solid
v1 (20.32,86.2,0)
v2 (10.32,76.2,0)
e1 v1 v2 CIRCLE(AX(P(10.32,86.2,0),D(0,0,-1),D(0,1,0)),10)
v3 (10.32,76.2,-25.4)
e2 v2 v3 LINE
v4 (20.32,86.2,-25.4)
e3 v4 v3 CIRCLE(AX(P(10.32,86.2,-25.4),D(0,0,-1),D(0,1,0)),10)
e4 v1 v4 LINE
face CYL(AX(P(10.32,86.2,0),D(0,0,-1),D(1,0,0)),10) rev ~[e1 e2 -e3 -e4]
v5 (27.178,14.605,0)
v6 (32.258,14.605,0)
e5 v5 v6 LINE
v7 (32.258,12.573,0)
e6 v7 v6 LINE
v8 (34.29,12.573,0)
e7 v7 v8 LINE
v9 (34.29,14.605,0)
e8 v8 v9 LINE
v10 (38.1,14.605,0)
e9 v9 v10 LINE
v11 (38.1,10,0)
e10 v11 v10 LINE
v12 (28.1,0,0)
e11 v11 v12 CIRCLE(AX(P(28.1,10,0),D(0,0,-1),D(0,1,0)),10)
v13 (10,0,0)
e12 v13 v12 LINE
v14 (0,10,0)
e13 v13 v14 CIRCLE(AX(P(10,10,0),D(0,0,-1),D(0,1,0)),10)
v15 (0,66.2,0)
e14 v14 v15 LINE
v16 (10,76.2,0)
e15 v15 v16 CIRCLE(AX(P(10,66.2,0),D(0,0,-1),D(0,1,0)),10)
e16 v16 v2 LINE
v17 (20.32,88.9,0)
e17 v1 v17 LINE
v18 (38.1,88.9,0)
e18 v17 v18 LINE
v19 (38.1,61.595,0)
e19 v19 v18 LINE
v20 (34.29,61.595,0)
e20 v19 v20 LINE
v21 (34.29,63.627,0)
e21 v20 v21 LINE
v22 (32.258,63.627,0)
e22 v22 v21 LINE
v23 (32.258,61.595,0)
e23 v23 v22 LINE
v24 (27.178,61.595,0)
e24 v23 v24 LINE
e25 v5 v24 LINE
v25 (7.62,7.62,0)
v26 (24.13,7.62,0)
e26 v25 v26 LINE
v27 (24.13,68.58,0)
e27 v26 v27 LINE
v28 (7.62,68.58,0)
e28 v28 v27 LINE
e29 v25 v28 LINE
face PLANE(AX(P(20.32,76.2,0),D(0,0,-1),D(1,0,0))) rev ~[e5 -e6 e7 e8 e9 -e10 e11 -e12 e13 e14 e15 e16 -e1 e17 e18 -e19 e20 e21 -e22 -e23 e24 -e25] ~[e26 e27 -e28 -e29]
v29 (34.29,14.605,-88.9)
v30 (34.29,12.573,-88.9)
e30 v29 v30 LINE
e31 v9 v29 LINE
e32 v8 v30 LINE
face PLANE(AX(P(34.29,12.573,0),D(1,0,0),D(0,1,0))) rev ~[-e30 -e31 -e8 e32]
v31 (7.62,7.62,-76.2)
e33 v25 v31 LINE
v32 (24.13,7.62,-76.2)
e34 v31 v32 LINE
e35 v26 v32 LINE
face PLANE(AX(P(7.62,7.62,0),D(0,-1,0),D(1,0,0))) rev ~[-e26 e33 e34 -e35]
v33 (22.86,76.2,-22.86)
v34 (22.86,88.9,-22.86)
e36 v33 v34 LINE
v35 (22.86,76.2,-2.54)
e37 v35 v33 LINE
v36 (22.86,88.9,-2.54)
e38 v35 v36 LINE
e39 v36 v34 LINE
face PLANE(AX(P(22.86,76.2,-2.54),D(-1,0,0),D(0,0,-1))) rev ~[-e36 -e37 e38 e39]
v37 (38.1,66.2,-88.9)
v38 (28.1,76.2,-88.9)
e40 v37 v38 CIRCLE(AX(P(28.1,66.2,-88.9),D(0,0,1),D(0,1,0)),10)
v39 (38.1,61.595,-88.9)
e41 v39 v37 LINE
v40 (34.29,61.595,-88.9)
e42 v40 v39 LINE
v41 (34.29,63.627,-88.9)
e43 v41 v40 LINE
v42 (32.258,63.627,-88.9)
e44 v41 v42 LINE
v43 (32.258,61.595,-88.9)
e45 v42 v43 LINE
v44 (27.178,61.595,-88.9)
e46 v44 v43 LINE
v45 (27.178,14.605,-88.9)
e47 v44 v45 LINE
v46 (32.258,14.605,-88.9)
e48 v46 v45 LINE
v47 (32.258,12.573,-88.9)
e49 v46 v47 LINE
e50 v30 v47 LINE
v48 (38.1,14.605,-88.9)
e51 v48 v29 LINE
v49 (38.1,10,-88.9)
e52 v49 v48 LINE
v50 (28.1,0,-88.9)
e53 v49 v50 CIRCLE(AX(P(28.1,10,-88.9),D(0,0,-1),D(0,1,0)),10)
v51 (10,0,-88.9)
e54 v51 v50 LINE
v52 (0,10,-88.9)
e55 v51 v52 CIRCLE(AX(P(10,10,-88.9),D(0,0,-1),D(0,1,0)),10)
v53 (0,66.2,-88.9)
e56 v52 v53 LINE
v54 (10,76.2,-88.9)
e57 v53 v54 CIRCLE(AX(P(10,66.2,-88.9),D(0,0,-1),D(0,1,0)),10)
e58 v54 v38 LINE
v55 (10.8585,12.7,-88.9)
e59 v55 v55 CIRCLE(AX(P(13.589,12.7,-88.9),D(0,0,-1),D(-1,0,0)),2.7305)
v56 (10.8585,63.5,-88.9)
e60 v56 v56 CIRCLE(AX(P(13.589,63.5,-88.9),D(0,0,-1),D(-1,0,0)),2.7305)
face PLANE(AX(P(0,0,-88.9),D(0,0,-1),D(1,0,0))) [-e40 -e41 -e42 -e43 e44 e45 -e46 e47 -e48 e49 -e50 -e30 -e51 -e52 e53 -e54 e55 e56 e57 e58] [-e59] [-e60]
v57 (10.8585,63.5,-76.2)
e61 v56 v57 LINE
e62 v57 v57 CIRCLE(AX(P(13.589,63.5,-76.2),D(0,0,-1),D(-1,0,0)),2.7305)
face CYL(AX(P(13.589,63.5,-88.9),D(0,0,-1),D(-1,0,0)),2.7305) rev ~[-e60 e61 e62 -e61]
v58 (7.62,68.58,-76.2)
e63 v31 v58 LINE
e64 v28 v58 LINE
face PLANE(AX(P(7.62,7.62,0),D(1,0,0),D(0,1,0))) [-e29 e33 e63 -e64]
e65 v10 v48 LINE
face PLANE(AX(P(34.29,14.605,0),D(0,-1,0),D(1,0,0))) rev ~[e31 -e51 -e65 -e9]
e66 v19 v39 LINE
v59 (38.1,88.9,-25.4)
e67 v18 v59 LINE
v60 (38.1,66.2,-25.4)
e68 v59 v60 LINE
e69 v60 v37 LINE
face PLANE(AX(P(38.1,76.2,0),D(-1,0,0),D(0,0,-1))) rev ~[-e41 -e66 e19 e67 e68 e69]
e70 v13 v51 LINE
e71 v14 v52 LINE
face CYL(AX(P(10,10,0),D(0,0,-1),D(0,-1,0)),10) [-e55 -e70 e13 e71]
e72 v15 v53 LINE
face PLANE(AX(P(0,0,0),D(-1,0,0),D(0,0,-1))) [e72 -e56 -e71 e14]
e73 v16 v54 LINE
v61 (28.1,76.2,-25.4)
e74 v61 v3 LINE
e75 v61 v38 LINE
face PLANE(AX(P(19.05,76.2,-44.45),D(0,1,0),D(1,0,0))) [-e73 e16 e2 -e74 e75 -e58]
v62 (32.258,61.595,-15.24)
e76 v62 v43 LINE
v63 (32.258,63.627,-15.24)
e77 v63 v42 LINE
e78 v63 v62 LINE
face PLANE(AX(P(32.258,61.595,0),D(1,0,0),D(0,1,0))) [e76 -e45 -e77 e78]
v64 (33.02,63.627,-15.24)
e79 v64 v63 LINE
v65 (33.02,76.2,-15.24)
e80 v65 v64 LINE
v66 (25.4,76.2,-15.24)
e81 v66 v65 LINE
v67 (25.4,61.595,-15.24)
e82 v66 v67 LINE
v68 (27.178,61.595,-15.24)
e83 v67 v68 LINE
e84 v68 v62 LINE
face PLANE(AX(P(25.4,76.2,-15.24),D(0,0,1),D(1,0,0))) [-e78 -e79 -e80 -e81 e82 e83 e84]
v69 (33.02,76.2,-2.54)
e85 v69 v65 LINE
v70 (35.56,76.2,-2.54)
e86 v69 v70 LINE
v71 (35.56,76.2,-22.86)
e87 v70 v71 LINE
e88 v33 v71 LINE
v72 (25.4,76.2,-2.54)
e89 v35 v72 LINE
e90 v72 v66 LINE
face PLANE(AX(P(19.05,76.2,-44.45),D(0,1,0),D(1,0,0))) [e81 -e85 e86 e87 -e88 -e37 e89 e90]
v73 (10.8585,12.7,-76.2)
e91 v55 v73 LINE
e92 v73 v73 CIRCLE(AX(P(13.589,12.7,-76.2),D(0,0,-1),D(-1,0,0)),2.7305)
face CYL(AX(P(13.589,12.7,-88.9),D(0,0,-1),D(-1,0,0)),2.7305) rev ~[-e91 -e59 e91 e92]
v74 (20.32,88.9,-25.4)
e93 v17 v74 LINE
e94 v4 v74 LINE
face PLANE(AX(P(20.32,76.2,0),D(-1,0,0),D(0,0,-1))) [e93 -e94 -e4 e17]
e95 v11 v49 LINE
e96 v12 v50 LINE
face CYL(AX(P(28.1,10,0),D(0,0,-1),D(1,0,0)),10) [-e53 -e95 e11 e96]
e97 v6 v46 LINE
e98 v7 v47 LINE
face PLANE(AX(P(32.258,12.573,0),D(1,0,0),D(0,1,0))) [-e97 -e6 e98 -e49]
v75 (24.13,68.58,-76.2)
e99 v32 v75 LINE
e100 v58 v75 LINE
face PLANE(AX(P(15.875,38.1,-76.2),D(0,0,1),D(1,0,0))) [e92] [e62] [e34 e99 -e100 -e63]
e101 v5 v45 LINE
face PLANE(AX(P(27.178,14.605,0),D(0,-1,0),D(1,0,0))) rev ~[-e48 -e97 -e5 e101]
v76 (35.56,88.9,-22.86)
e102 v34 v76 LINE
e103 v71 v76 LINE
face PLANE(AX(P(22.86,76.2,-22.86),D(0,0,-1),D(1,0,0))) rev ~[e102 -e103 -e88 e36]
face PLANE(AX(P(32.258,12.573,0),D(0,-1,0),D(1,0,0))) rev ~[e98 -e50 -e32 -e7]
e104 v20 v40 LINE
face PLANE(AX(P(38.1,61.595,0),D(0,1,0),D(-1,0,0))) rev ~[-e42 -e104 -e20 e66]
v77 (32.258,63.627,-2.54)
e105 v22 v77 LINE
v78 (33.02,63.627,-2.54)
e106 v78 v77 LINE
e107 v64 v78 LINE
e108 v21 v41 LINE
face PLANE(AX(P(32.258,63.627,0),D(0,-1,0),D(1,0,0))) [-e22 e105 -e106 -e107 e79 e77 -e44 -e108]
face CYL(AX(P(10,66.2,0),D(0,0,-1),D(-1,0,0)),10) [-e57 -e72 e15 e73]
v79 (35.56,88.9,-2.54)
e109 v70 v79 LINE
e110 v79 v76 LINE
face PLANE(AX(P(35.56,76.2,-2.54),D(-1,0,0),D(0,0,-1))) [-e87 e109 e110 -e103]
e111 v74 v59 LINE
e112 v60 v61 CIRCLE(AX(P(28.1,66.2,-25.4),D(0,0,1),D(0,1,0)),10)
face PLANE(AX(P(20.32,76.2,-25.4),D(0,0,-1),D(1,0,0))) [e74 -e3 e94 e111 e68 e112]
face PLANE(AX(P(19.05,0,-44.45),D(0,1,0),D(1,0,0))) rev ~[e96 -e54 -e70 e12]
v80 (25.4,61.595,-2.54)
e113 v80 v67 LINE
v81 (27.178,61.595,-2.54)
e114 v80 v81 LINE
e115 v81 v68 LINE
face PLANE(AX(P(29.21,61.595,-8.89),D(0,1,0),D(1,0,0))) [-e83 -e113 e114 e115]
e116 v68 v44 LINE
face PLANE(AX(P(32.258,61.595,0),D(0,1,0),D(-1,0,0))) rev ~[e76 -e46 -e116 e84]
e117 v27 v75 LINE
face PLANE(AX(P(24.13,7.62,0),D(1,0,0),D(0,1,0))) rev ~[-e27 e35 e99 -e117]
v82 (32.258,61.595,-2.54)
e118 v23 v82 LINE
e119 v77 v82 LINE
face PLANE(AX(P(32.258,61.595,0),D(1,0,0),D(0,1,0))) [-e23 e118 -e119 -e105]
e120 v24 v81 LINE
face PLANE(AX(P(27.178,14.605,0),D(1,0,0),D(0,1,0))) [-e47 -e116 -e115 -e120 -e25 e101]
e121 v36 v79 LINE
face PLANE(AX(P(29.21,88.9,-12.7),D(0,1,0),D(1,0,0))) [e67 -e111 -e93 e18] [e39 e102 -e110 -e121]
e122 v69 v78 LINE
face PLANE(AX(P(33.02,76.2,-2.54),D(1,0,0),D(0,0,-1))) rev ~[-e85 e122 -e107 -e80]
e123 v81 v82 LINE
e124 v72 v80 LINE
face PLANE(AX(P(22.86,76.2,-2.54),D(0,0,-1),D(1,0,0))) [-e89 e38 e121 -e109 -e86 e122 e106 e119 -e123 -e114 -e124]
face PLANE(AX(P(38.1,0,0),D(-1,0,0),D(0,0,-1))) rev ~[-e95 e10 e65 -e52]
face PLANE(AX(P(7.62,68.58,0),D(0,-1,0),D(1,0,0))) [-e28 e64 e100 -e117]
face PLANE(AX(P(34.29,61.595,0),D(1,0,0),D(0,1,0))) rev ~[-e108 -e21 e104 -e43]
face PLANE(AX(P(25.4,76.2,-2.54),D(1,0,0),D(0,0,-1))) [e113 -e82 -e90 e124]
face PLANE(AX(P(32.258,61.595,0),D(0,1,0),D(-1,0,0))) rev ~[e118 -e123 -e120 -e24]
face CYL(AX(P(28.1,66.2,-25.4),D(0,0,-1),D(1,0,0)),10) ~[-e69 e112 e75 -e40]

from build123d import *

# Parameters (mm, degrees)
SKETCH1_W           = 38.1
SKETCH1_H           = 88.9
BOSS_EXTRUDE1_DEPTH = 76.2
SKETCH2_W           = 16.51
SKETCH2_H           = 60.96
CUT_EXTRUDE1_DEPTH  = 76.2
SKETCH3_W           = 5.08
SKETCH3_H           = 46.99
SKETCH3_W_2         = 2.032
SKETCH3_W_3         = 3.81
SKETCH3_H_2         = 2.032
CUT_EXTRUDE2_DEPTH  = 89.9
SKETCH5_W           = 7.62
SKETCH5_H           = 12.7
CUT_EXTRUDE3_DEPTH  = 14.605
SKETCH6_W           = 17.78
SKETCH6_H           = 25.4
SKETCH6_W_2         = 12.7
SKETCH6_H_2         = 20.32
BOSS_EXTRUDE2_DEPTH = 12.7
FILLET2_R           = 10
SKETCH7_R           = 2.7305
CUT_EXTRUDE4_DEPTH  = 12.7


with BuildPart() as part:
    # Sketch1 → Boss-Extrude1 (new body)
    with BuildSketch(Plane(origin=(0, 0, 0), x_dir=(1, 0, 0), z_dir=(0, 1, 0))):
        with Locations((19.05, 44.45)):
            Rectangle(SKETCH1_W, SKETCH1_H)
    extrude(amount=BOSS_EXTRUDE1_DEPTH)

    # Sketch2 → Cut-Extrude1 (cut)
    with BuildSketch(Plane.XY):
        with Locations((15.875, 38.1)):
            Rectangle(SKETCH2_W, SKETCH2_H)
    extrude(amount=-CUT_EXTRUDE1_DEPTH, mode=Mode.SUBTRACT)

    # Sketch3 → Cut-Extrude2 (cut, through all)
    with BuildSketch(Plane.XY):
        with Locations((29.718, 38.1)):
            Rectangle(SKETCH3_W, SKETCH3_H)
        with Locations((33.274, 38.1)):
            Rectangle(SKETCH3_W_2, SKETCH3_H)
        with Locations((36.195, 38.1)):
            Rectangle(SKETCH3_W_3, SKETCH3_H)
        with Locations((33.274, 62.611)):
            Rectangle(SKETCH3_W_2, SKETCH3_H_2)
        with Locations((33.274, 13.589)):
            Rectangle(SKETCH3_W_2, SKETCH3_H_2)
    extrude(amount=-CUT_EXTRUDE2_DEPTH, mode=Mode.SUBTRACT)

    # Sketch5 → Cut-Extrude3 (cut)
    with BuildSketch(Plane(origin=(0, 76.2, 0), x_dir=(1, 0, 0), z_dir=(0, 1, 0))):
        with Locations((29.21, 8.89)):
            Rectangle(SKETCH5_W, SKETCH5_H)
    extrude(amount=-CUT_EXTRUDE3_DEPTH, mode=Mode.SUBTRACT)

    # Sketch6 → Boss-Extrude2 (add)
    with BuildSketch(Plane(origin=(0, 76.2, 0), x_dir=(1, 0, 0), z_dir=(0, 1, 0))):
        with Locations((29.21, 12.7)):
            Rectangle(SKETCH6_W, SKETCH6_H)
        with Locations((29.21, 12.7)):
            Rectangle(SKETCH6_W_2, SKETCH6_H_2, mode=Mode.SUBTRACT)
    extrude(amount=BOSS_EXTRUDE2_DEPTH)

    # Fillet2
    fillet2_edges = [part.edges().sort_by_distance(p)[0] for p in [
        (20.32, 76.2, -12.7),
        (0, 76.2, -44.45),
        (38.1, 0, -44.45),
        (0, 0, -44.45),
        (38.1, 76.2, -57.15),
    ]]
    fillet(fillet2_edges, radius=FILLET2_R)

    # Sketch7 → Cut-Extrude4 (cut)
    with BuildSketch(Plane(origin=(0, 0, -88.9), x_dir=(-1, 0, 0), z_dir=(0, 0, -1))):
        with Locations((-13.589, 63.5)):
            Circle(SKETCH7_R)
        with Locations((-13.589, 12.7)):
            Circle(SKETCH7_R)
    extrude(amount=-CUT_EXTRUDE4_DEPTH, mode=Mode.SUBTRACT)


solid = part.part
